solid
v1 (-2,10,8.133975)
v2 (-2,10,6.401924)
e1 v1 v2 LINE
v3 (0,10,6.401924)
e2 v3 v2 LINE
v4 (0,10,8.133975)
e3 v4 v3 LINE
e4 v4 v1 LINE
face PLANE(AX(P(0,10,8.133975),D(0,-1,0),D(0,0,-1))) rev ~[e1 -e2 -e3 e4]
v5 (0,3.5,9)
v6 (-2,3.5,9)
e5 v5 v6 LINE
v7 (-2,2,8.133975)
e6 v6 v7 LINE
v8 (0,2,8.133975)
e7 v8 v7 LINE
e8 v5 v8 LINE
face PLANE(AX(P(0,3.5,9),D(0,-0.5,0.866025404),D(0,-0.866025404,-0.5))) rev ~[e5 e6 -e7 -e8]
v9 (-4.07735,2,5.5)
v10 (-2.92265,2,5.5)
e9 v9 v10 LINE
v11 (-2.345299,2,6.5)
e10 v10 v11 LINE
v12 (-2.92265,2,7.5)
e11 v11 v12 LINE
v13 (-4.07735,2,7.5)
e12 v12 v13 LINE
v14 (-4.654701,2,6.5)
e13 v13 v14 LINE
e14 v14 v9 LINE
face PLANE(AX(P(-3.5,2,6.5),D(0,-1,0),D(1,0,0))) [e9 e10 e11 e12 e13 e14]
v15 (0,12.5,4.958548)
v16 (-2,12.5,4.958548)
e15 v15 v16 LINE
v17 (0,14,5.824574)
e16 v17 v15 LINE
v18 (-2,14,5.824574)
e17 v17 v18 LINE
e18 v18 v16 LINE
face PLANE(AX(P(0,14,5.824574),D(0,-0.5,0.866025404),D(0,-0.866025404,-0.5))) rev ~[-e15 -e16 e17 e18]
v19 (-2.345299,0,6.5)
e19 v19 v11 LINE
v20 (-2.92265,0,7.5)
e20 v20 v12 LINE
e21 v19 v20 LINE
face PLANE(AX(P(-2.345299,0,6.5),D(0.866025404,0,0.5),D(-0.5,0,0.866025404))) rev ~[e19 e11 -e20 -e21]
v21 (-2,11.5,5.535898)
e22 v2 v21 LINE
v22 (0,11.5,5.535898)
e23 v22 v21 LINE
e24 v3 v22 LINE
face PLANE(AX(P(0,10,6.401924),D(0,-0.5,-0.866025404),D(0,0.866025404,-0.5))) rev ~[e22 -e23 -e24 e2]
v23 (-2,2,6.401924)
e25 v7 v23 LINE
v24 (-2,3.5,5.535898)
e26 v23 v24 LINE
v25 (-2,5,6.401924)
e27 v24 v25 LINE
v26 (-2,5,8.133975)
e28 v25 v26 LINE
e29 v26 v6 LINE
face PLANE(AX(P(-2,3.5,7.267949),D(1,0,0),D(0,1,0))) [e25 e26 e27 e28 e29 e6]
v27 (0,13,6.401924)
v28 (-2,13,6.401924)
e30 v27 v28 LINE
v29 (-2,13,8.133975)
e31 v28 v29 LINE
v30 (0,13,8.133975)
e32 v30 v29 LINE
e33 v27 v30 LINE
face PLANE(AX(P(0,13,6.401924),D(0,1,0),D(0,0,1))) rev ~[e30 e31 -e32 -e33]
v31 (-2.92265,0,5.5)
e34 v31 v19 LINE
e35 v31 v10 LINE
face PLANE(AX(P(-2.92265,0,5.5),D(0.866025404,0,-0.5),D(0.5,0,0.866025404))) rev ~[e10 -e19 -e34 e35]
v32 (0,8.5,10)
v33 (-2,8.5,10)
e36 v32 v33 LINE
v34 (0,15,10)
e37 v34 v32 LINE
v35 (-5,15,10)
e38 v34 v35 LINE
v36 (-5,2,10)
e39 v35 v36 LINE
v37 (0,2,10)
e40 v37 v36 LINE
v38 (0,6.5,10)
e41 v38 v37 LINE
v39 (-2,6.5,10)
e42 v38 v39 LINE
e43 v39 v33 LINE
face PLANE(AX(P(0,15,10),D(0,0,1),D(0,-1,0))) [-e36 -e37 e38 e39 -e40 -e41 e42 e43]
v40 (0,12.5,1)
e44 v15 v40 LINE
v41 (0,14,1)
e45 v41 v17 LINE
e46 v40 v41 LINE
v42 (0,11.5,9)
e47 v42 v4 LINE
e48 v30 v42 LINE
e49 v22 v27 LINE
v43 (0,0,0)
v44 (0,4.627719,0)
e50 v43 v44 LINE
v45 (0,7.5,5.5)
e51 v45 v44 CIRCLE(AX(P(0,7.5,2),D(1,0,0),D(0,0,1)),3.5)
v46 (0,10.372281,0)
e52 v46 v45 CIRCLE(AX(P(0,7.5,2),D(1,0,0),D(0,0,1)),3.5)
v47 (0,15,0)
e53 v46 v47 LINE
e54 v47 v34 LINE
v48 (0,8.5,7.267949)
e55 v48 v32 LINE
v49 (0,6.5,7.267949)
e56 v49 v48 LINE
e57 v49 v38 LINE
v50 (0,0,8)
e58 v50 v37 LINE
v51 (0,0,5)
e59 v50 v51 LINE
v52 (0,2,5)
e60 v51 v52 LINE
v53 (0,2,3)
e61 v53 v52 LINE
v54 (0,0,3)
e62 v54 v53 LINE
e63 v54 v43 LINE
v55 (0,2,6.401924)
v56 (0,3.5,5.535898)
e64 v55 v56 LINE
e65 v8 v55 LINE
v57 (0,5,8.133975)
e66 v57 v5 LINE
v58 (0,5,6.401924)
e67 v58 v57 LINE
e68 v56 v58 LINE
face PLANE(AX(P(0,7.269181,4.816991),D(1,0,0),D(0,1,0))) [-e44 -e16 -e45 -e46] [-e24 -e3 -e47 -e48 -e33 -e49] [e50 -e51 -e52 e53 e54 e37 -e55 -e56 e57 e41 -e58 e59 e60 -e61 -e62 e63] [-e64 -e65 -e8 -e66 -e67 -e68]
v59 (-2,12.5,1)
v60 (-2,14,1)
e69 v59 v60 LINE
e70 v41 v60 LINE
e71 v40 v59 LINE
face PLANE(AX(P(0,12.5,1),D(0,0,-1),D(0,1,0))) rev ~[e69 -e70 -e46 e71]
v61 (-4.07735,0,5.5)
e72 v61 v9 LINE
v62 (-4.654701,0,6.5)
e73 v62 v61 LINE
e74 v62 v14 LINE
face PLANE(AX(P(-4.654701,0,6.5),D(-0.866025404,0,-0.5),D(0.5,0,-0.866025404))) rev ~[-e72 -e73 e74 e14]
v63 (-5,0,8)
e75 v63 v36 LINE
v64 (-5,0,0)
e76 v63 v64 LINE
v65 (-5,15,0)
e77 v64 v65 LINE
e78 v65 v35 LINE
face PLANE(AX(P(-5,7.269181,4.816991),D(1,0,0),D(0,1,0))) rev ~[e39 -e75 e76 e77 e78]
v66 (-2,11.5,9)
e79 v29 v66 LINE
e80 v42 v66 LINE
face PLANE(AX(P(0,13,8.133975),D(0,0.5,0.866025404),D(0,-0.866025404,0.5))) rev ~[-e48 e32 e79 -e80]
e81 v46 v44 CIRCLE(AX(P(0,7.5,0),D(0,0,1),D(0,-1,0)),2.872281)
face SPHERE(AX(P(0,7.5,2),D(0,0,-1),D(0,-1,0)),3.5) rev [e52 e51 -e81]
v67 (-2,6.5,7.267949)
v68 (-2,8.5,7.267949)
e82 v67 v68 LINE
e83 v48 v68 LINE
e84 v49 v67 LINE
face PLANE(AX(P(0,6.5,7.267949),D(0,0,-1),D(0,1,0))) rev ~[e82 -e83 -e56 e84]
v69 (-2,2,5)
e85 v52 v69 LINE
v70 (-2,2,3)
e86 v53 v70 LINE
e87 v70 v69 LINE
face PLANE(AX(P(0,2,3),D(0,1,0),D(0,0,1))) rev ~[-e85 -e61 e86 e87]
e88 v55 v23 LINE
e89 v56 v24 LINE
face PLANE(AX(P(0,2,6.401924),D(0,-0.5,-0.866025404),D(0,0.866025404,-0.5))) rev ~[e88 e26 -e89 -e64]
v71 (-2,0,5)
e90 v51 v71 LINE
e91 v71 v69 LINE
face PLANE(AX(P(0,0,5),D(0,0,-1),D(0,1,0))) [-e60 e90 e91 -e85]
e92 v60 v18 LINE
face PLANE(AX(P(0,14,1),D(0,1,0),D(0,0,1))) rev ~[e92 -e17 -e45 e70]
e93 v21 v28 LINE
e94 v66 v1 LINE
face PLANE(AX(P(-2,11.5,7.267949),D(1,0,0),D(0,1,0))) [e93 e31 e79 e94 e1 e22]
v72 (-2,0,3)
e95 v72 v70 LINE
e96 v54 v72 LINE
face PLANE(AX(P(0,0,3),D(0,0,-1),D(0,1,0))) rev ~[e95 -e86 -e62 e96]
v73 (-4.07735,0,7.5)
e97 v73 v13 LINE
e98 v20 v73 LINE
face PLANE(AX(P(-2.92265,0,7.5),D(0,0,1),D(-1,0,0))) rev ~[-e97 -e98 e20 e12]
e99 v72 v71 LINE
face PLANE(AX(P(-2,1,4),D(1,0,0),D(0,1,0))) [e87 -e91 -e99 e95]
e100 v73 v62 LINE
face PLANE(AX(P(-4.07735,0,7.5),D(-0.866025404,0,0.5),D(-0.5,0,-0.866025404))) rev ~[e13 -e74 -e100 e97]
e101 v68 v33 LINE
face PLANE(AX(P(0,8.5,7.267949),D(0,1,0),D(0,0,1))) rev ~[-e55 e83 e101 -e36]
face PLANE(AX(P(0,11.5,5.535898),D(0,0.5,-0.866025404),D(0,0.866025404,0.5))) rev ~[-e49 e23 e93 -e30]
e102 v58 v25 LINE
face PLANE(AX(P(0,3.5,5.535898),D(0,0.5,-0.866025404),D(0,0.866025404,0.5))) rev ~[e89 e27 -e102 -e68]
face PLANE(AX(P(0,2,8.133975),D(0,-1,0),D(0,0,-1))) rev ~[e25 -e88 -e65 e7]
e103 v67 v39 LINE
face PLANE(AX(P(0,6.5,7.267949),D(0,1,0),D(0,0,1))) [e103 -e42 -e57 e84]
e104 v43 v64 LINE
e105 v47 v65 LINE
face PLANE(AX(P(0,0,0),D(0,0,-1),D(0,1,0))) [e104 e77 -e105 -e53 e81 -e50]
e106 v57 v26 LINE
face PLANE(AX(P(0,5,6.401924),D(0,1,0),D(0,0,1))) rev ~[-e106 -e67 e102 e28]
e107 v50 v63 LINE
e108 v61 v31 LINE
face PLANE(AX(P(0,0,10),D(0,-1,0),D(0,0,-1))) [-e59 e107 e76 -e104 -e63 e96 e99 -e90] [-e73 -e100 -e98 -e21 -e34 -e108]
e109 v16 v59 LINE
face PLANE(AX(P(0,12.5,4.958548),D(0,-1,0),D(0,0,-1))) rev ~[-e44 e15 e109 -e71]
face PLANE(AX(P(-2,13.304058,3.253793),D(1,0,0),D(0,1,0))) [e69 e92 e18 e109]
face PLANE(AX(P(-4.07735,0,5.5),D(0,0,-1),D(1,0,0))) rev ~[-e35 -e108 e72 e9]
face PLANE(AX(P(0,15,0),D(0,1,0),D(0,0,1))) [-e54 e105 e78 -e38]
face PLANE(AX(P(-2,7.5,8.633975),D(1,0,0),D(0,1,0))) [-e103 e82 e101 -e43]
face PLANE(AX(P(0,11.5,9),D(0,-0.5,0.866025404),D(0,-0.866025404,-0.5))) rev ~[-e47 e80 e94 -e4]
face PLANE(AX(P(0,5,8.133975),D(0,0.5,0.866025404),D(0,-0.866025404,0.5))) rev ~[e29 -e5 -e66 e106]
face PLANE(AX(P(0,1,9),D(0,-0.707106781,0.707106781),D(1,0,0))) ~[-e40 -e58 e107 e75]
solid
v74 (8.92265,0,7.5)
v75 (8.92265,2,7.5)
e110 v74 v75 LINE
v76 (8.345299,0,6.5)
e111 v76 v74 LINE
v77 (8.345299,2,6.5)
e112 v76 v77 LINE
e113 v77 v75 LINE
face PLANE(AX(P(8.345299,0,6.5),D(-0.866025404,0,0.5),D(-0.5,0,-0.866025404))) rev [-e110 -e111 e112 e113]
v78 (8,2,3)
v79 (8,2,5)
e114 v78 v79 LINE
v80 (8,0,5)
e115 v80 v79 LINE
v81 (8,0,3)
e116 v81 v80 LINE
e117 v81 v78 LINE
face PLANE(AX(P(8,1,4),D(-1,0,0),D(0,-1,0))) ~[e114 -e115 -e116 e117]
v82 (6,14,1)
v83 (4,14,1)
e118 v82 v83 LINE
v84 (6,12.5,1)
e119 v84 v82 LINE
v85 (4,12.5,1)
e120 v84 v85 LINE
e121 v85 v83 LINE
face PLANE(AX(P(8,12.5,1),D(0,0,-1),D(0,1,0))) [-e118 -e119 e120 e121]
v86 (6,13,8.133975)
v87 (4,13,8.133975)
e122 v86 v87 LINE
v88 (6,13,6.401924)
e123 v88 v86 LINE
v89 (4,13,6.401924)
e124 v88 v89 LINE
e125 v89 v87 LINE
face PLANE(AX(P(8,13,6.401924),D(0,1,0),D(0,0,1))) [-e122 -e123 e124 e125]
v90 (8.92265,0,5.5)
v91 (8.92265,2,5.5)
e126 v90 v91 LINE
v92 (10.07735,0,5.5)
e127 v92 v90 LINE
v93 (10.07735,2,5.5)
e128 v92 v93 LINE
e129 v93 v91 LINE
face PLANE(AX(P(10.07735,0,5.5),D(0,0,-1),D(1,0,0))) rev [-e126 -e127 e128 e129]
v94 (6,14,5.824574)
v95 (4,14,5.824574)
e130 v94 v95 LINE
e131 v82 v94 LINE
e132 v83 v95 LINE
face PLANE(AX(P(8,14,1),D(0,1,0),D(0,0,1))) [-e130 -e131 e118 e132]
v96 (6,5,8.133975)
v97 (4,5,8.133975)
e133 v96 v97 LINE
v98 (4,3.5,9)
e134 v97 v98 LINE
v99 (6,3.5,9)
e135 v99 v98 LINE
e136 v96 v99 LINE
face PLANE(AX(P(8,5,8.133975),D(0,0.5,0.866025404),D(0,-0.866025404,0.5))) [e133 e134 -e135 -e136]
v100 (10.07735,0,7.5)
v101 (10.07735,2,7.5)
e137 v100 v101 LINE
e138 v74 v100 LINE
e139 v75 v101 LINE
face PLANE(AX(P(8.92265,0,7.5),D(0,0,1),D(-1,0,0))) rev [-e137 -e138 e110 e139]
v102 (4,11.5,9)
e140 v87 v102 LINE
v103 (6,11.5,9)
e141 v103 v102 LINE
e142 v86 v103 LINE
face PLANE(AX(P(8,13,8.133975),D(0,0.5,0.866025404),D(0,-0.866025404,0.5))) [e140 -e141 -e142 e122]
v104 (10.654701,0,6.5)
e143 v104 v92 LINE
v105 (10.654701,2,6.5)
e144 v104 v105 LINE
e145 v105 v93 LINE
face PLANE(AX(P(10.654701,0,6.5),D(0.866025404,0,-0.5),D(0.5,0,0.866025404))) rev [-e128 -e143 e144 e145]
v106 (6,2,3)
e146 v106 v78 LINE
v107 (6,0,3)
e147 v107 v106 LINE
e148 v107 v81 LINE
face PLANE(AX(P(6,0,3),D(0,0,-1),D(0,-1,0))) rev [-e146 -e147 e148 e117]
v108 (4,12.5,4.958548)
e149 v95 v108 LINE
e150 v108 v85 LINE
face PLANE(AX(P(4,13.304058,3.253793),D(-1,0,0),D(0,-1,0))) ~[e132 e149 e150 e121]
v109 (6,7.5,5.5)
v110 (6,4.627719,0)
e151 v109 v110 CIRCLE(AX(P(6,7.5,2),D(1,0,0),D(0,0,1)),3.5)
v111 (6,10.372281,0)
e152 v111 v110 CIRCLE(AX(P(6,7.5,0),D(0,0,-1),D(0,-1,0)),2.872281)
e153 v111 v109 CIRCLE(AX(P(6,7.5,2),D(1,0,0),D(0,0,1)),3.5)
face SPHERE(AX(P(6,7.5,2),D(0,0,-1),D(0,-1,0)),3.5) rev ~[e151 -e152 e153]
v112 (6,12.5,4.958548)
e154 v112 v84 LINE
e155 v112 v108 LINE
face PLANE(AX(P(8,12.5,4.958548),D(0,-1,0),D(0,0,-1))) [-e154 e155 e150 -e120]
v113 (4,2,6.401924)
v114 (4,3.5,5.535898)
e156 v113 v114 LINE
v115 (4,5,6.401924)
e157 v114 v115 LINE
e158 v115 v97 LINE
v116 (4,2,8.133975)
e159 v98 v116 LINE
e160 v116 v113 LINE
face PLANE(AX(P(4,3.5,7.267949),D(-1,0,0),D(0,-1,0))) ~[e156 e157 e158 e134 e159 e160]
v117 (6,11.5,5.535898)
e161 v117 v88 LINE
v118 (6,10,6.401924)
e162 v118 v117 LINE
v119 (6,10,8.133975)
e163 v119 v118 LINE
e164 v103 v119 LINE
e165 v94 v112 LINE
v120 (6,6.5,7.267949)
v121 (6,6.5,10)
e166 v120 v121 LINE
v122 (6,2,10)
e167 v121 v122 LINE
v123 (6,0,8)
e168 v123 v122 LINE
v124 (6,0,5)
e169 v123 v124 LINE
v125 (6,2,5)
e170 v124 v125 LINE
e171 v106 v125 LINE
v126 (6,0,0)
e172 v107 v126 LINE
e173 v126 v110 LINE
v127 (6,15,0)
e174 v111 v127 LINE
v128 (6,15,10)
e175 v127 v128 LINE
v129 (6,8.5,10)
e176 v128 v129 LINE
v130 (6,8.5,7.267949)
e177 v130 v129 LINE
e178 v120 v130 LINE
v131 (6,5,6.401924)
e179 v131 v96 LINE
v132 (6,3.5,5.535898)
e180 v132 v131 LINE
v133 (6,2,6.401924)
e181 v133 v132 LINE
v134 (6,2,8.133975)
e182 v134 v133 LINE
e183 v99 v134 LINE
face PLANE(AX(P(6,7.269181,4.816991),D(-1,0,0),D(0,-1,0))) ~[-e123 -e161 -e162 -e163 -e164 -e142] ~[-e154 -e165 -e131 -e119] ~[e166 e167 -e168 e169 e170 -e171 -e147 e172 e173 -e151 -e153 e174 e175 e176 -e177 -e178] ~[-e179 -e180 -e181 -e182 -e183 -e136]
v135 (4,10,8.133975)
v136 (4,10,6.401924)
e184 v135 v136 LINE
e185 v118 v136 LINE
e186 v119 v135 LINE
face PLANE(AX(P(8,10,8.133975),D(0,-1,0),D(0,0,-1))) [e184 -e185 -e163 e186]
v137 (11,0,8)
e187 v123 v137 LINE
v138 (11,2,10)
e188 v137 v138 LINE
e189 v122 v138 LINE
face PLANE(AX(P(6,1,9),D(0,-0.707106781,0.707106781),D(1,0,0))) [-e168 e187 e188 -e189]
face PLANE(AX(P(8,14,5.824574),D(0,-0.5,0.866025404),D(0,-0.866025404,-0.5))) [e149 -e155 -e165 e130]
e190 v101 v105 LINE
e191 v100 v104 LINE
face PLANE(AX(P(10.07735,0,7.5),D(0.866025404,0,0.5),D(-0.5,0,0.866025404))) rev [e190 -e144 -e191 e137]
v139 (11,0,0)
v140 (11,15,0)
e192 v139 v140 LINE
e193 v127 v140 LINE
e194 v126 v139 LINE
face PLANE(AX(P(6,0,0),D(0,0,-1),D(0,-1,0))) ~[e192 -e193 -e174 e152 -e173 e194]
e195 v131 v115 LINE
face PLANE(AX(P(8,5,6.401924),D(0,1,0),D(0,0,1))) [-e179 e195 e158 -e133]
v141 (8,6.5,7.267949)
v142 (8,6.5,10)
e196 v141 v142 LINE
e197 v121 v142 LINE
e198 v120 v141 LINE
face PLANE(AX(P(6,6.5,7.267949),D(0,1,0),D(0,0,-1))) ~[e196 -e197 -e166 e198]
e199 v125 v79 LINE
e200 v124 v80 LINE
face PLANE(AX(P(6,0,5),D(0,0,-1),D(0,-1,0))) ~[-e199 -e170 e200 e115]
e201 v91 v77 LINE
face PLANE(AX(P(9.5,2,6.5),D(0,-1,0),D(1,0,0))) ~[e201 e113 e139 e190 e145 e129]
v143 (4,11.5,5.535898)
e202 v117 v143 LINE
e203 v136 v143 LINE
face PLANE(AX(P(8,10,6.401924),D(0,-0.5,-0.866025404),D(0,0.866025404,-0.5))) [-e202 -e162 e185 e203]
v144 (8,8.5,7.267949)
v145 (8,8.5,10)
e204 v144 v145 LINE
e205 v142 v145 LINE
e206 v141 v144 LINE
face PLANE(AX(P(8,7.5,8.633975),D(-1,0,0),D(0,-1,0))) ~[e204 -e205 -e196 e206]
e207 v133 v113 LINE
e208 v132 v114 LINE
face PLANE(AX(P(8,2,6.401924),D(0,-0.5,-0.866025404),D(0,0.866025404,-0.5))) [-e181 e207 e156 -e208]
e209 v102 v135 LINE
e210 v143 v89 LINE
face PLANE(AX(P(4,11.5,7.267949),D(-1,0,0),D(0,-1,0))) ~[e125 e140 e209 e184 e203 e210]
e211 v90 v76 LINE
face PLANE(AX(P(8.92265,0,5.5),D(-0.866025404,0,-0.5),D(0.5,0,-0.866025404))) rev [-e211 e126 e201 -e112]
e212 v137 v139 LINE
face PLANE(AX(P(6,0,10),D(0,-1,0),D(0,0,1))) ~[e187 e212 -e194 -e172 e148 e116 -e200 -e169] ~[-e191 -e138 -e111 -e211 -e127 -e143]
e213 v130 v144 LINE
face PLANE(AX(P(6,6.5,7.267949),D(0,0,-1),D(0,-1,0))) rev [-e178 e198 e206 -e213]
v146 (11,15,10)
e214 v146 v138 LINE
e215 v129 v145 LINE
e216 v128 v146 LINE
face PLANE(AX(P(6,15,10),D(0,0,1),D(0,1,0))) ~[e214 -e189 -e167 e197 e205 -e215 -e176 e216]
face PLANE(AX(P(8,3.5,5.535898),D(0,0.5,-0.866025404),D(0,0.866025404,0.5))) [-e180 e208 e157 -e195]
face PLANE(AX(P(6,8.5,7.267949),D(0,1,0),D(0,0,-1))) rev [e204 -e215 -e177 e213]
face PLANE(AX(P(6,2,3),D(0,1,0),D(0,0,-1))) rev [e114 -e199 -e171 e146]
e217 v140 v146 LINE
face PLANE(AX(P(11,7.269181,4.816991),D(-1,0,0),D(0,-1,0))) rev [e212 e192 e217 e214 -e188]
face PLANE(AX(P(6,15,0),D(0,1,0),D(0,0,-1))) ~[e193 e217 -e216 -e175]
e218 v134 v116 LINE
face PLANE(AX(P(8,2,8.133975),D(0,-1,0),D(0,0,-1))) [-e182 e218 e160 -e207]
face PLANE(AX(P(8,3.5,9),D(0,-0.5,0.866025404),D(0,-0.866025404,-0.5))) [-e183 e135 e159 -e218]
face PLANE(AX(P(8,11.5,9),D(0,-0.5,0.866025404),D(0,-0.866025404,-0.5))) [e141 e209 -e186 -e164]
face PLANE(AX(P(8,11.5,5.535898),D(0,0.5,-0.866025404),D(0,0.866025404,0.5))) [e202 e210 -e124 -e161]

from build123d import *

# Parameters (mm, degrees)
F1_DEPTH  = 5
F4_DEPTH  = 2
F5_W      = 2
F5_H      = 2.7320508076
F6_DEPTH  = 2
F7_W      = 2
F7_H      = 2
F8_DEPTH  = 2
F9_SIZE   = 2
F11_DEPTH = 2
F13_DEPTH = 2
F16_DEPTH = 4


with BuildPart() as f1:
    # F0 (on Right) → F1 (new body)
    with BuildSketch(Plane.YZ):
        with BuildLine():
            Line((0, 10), (0, 0))
            Line((0, 0), (4.6277186767, 0))
            ThreePointArc((4.6277186767, 0), (4.3975815885, 3.6201851746), (7.5, 5.5))
            Line((7.5, 5.5), (7.5, 0))
            Line((7.5, 0), (15, 0))
            Line((15, 0), (15, 10))
            Line((15, 10), (0, 10))
        make_face()
        with BuildLine():
            ThreePointArc((7.5, 5.5), (4.3975815885, 3.6201851746), (4.6277186767, 0))
            Line((4.6277186767, 0), (7.5, 0))
            Line((7.5, 0), (7.5, 5.5))
        make_face()
    extrude(amount=-F1_DEPTH)

    # F0 (on Right) → F2 (revolve, cut)
    with BuildSketch(Plane.YZ):
        with BuildLine():
            ThreePointArc((7.5, 5.5), (4.3975815885, 3.6201851746), (4.6277186767, 0))
            Line((4.6277186767, 0), (7.5, 0))
            Line((7.5, 0), (7.5, 5.5))
        make_face()
    revolve(axis=Axis((0, 7.5, 2), (0, 0, 1)), mode=Mode.SUBTRACT)

    # F3 (on face) → F4 (cut)
    with BuildSketch(Plane.YZ):
        Polygon((2, 8.1339745962), (2, 6.4019237886), (3.5, 5.5358983849), (5, 6.4019237886), (5, 8.1339745962), (3.5, 9), align=None)
        Polygon((10, 6.4019237886), (11.5, 5.5358983849), (13, 6.4019237886), (13, 8.1339745962), (11.5, 9), (10, 8.1339745962), align=None)
    extrude(amount=-F4_DEPTH, mode=Mode.SUBTRACT)

    # F5 (on face) → F6 (cut)
    with BuildSketch(Plane.YZ):
        with Locations((7.5, 8.6339745962)):
            Rectangle(F5_W, F5_H)
    extrude(amount=-F6_DEPTH, mode=Mode.SUBTRACT)

    # F7 (on face) → F8 (cut)
    with BuildSketch(Plane.YZ):
        with Locations((1, 4)):
            Rectangle(F7_W, F7_H)
    extrude(amount=-F8_DEPTH, mode=Mode.SUBTRACT)

    # F9
    f9_edges = [f1.edges().sort_by_distance(p)[0] for p in [
        (-2.5, 0, 10),
    ]]
    chamfer(f9_edges, length=F9_SIZE)

    # F10 (on face) → F11 (cut)
    with BuildSketch(Plane.YZ):
        Polygon((12.5, 4.9585481157), (12.5, 1), (14, 1), (14, 5.8245735195), align=None)
    extrude(amount=-F11_DEPTH, mode=Mode.SUBTRACT)

    # F12 (on face) → F13 (cut)
    with BuildSketch(Plane.XZ):
        Polygon((-4.0773502692, 5.5), (-2.9226497308, 5.5), (-2.3452994616, 6.5), (-2.9226497308, 7.5), (-4.0773502692, 7.5), (-4.6547005384, 6.5), align=None)
    extrude(amount=-F13_DEPTH, mode=Mode.SUBTRACT)


with BuildPart() as f15_1:
    # F15: instance of F1
    add(f1.part.mirror(Plane.YZ.offset(3)))

    # F16 (add): faces of the model
    f16_faces = [f15_1.faces().sort_by_distance(p)[0] for p in [
        (8, 3.5, 7.2679491924),
        (8, 11.5, 7.2679491924),
        (8, 13.2746502736, 3.2028963298),
    ]]
    extrude(f16_faces, amount=F16_DEPTH)


solid = Compound([f1.part, f15_1.part])
